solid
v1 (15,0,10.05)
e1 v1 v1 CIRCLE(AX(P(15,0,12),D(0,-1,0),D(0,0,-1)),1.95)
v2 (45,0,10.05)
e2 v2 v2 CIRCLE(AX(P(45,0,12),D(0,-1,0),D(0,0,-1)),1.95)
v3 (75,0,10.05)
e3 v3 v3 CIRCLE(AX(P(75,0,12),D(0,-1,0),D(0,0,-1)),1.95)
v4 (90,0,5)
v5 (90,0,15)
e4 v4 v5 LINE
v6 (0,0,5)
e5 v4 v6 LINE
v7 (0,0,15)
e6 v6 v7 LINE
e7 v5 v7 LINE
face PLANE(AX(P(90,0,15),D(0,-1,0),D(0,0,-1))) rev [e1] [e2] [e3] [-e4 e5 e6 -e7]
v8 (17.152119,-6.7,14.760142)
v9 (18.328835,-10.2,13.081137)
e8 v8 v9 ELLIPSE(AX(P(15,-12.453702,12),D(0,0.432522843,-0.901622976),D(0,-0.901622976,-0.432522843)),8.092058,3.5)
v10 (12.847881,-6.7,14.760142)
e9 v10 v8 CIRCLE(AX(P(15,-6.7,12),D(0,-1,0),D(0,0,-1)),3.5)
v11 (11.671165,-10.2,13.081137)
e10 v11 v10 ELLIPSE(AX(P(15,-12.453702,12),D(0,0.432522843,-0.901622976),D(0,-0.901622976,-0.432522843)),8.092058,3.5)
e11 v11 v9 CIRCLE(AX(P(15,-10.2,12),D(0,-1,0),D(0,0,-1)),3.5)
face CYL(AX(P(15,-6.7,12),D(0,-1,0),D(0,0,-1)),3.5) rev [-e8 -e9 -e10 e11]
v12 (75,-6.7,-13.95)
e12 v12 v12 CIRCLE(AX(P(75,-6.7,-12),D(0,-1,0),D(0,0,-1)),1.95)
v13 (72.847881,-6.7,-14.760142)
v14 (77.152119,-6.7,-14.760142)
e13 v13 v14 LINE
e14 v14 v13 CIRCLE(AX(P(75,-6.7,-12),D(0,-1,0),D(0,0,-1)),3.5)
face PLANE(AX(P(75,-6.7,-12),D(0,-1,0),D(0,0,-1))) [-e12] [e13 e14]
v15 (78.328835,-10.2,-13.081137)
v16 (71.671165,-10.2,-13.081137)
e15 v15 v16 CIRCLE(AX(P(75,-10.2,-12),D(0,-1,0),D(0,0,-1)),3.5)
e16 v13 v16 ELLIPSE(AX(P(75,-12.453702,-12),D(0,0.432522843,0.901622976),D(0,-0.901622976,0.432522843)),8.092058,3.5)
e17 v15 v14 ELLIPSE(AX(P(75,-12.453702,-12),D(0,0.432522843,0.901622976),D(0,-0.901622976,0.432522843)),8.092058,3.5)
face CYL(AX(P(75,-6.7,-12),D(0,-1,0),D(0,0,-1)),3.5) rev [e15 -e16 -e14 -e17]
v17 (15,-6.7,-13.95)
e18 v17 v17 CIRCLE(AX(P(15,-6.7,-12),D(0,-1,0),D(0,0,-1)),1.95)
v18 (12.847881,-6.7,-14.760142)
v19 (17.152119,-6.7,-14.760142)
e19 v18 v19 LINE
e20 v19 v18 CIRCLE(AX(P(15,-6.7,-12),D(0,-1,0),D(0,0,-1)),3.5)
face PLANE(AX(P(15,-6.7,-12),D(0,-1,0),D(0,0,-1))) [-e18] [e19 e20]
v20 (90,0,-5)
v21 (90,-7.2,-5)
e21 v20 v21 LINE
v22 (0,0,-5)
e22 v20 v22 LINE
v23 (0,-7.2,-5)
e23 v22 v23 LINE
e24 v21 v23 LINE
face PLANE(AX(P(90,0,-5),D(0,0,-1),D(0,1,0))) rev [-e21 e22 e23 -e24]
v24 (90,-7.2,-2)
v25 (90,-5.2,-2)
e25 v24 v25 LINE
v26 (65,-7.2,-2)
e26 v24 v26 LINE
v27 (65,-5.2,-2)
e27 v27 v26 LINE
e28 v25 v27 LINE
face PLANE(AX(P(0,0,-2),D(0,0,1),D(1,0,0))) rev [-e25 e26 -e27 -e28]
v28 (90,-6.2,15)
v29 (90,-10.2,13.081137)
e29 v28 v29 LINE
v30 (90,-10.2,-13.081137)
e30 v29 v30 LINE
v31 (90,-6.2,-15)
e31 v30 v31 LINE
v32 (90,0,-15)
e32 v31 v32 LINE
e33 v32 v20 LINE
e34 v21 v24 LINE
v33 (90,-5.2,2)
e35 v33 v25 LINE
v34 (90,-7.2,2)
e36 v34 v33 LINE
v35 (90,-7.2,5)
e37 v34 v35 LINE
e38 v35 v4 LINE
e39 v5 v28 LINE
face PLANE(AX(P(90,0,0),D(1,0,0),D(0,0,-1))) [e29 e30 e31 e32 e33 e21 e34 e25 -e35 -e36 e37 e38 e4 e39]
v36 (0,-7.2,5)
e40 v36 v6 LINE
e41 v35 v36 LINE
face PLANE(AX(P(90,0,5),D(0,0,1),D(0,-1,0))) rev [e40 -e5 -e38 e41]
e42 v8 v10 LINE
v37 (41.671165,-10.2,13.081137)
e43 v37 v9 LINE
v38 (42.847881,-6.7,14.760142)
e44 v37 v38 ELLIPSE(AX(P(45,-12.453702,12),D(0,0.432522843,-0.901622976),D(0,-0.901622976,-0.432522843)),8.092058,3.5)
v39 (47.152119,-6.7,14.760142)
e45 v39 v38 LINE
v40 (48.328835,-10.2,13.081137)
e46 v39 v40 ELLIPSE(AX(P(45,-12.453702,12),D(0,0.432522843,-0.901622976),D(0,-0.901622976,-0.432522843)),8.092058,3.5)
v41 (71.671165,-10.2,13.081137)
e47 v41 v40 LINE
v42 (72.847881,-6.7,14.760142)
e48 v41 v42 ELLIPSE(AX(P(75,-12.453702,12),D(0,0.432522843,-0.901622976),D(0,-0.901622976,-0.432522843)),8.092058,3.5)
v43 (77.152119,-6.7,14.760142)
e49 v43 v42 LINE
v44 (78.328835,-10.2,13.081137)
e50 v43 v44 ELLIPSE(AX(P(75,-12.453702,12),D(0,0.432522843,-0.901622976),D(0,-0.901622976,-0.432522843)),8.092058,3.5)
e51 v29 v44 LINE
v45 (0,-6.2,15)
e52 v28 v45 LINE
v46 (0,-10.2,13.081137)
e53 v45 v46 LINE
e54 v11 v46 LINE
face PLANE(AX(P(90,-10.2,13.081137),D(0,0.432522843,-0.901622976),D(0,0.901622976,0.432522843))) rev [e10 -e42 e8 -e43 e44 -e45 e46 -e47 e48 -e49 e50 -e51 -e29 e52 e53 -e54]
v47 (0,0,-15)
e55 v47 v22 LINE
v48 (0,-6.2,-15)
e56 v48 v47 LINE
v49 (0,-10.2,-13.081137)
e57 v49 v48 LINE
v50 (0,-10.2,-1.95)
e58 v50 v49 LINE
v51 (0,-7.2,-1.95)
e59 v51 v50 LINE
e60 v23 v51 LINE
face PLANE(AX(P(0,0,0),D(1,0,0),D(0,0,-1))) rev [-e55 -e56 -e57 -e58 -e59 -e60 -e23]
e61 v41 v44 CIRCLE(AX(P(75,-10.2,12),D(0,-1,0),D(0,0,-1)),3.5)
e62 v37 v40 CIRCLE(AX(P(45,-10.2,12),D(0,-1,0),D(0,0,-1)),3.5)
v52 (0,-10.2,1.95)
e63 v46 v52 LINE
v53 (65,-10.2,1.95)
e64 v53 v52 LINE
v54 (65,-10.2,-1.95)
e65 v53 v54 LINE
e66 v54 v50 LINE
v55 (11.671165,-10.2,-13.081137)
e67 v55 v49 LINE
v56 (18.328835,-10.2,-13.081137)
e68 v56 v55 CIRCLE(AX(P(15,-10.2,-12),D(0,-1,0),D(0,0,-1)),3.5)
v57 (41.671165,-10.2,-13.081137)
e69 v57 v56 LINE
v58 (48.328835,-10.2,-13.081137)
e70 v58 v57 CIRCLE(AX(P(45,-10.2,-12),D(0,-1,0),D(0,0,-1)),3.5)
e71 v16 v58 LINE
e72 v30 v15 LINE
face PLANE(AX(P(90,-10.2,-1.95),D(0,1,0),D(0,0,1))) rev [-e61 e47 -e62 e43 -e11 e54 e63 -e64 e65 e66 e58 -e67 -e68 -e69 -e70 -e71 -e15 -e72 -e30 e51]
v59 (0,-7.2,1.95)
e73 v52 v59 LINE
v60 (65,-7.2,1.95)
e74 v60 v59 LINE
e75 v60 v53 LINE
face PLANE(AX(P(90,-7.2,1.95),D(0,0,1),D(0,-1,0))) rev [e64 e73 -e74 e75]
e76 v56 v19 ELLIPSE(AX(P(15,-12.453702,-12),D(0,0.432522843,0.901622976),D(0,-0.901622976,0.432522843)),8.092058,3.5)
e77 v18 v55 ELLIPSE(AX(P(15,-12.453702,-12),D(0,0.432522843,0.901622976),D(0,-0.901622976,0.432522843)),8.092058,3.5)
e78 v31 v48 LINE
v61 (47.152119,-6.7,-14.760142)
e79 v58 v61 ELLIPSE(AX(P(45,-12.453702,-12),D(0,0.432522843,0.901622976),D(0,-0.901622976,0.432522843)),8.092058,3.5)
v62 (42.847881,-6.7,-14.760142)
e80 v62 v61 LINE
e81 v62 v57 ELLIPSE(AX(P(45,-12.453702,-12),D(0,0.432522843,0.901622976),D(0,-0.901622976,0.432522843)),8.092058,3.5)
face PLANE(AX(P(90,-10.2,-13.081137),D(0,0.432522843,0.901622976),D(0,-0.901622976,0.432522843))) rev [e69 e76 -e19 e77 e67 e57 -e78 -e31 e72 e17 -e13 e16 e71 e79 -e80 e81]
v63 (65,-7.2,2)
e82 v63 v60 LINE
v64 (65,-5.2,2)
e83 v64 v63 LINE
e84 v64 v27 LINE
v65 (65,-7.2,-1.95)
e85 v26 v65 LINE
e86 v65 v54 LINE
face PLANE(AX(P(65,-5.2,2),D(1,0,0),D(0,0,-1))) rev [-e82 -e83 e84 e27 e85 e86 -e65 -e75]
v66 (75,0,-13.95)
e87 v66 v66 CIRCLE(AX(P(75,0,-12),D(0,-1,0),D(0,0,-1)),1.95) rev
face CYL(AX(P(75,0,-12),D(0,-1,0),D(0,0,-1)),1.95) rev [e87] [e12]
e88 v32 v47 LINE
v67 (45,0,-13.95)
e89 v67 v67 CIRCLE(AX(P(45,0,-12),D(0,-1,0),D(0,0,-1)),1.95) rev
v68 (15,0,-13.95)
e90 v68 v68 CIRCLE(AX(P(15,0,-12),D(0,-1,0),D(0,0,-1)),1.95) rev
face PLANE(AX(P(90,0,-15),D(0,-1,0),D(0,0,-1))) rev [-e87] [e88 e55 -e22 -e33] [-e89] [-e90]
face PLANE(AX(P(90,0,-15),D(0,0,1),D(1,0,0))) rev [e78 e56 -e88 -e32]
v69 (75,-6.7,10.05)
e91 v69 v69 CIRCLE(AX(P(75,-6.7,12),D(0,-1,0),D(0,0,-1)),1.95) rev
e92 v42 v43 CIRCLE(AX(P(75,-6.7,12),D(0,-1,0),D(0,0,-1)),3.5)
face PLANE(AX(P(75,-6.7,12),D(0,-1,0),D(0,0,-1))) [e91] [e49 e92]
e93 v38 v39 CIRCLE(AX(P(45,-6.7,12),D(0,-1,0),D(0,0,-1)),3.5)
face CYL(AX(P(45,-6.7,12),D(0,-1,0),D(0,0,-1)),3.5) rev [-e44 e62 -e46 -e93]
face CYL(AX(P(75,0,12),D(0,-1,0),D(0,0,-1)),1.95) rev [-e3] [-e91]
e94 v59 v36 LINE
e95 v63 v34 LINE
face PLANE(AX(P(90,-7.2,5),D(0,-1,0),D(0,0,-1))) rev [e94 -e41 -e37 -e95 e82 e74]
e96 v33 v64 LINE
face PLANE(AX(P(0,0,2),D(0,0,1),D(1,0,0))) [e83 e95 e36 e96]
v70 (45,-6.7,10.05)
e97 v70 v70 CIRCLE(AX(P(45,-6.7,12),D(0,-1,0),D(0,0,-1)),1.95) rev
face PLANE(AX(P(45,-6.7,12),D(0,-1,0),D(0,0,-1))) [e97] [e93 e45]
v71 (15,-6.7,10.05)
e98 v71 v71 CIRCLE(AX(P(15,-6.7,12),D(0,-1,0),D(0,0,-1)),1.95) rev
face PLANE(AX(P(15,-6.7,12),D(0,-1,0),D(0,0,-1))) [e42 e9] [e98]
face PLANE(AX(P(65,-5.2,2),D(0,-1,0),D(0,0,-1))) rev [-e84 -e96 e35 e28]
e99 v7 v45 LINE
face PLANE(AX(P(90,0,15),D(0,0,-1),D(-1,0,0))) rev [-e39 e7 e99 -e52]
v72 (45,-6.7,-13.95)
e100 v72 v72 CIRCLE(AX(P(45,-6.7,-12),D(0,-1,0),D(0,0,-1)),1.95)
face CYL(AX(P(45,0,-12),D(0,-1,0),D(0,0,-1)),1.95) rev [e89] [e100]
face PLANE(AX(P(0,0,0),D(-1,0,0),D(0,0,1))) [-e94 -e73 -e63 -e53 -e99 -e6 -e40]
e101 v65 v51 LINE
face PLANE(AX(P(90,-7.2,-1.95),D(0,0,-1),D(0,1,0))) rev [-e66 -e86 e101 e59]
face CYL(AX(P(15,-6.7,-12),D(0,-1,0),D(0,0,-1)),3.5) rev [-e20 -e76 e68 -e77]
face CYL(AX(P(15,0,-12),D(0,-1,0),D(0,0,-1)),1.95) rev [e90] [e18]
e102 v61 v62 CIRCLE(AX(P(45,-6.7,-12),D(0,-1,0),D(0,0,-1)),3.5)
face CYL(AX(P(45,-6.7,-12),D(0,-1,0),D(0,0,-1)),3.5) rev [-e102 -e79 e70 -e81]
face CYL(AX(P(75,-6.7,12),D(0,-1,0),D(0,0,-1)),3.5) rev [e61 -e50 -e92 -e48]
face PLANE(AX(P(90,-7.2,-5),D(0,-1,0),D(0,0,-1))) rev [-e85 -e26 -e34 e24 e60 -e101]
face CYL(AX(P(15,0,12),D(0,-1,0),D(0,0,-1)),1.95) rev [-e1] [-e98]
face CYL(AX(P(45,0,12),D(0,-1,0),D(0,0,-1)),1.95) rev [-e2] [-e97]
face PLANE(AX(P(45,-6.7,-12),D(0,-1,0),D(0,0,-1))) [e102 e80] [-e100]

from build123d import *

# Parameters (mm, degrees)
EXTRUDE_1_DEPTH     = 90
EXTRUDE_1_2_DEPTH   = 90
SKETCH_3_R          = 1.95
CUT_EXTRUDE_1_DEPTH = 92.809803398
SKETCH_5_W          = 25
SKETCH_5_H          = 5
EXTRUDE_2_DEPTH     = 2
SKETCH_6_R          = 3.5
CUT_EXTRUDE_2_DEPTH = 3.5


with BuildPart() as part:
    # 스케치1 → 보스-돌출1 (new body)
    with BuildSketch(Plane(origin=(0, 0, 0), x_dir=(0, 0, -1), z_dir=(1, 0, 0))):
        Polygon((-15, 0), (-15, -6.2), (-13.081136552, -10.2), (-1.95, -10.2), (-1.95, -7.2), (-5, -7.2), (-5, 0), align=None)
    extrude(amount=EXTRUDE_1_DEPTH)


with BuildPart() as body_2:
    # 스케치1 → Extrude 1 2 (new body)
    with BuildSketch(Plane(origin=(0, 0, 0), x_dir=(0, 0, -1), z_dir=(1, 0, 0))):
        Polygon((13.081136552, -10.2), (15, -6.2), (15, 0), (5, 0), (5, -7.2), (1.95, -7.2), (1.95, -10.2), align=None)
    extrude(amount=EXTRUDE_1_2_DEPTH)


with BuildPart() as cut_extrude_1_tool:
    # 스케치3 → 컷-돌출1 (new, through all)
    with BuildSketch(Plane.XZ.offset(10.2)):
        with Locations(Location((15, 12, 0), (0, 0, 270))):
            Circle(SKETCH_3_R)
        with Locations(Location((15, -12, 0), (0, 0, 270))):
            Circle(SKETCH_3_R)
        with Locations(Location((45, -12, 0), (0, 0, 270))):
            Circle(SKETCH_3_R)
        with Locations(Location((75, -12, 0), (0, 0, 270))):
            Circle(SKETCH_3_R)
        with Locations((110, -12)):
            Circle(SKETCH_3_R)
        with Locations((110, 12)):
            Circle(SKETCH_3_R)
        with Locations(Location((75, 12, 0), (0, 0, 270))):
            Circle(SKETCH_3_R)
        with Locations(Location((45, 12, 0), (0, 0, 270))):
            Circle(SKETCH_3_R)
        with BuildLine():
            ThreePointArc((13.377149497, -13.081136552), (15, -13.95), (16.622850503, -13.081136552))
            Line((16.622850503, -13.081136552), (13.377149497, -13.081136552))
        make_face()
        with BuildLine():
            Line((13.377149497, -13.081136552), (16.622850503, -13.081136552))
            ThreePointArc((16.622850503, -13.081136552), (16.866421507, -12.564774963), (16.95, -12))
            ThreePointArc((16.95, -12), (14.435225037, -10.133578493), (13.377149497, -13.081136552))
        make_face()
        with BuildLine():
            ThreePointArc((43.377149497, -13.081136552), (45, -13.95), (46.622850503, -13.081136552))
            Line((46.622850503, -13.081136552), (43.377149497, -13.081136552))
        make_face()
        with BuildLine():
            Line((43.377149497, -13.081136552), (46.622850503, -13.081136552))
            ThreePointArc((46.622850503, -13.081136552), (46.866421507, -12.564774963), (46.95, -12))
            ThreePointArc((46.95, -12), (44.435225037, -10.133578493), (43.377149497, -13.081136552))
        make_face()
        with BuildLine():
            ThreePointArc((76.622850503, -13.081136552), (76.866421507, -12.564774963), (76.95, -12))
            ThreePointArc((76.95, -12), (74.435225037, -10.133578493), (73.377149497, -13.081136552))
            Line((73.377149497, -13.081136552), (76.622850503, -13.081136552))
        make_face()
        with BuildLine():
            Line((76.622850503, -13.081136552), (73.377149497, -13.081136552))
            ThreePointArc((73.377149497, -13.081136552), (75, -13.95), (76.622850503, -13.081136552))
        make_face()
    extrude(amount=-CUT_EXTRUDE_1_DEPTH)


with BuildPart() as part_1:
    add(part.part)

    # 컷-돌출1: cut by cut_extrude_1_tool
    add(cut_extrude_1_tool.part, mode=Mode.SUBTRACT)



with BuildPart() as body_2_1:
    add(body_2.part)

    # 컷-돌출1: cut by cut_extrude_1_tool
    add(cut_extrude_1_tool.part, mode=Mode.SUBTRACT)


with BuildPart() as part_2:
    add(part_1.part)

    add(body_2_1.part)  # 보스-돌출2 merges body 2
    # 스케치5 → 보스-돌출2 (add, symmetric)
    with BuildSketch(Plane.XY):
        with Locations((77.5, -7.7)):
            Rectangle(SKETCH_5_W, SKETCH_5_H)
    extrude(amount=EXTRUDE_2_DEPTH, both=True)

    # 스케치6 → 컷-돌출2 (cut)
    with BuildSketch(Plane.XZ.offset(10.2)):
        with Locations((15, 12)):
            Circle(SKETCH_6_R)
        with Locations((15, -12)):
            Circle(SKETCH_6_R)
        with Locations((45, 12)):
            Circle(SKETCH_6_R)
        with Locations((75, 12)):
            Circle(SKETCH_6_R)
        with Locations((75, -12)):
            Circle(SKETCH_6_R)
        with Locations((45, -12)):
            Circle(SKETCH_6_R)
    extrude(amount=-CUT_EXTRUDE_2_DEPTH, mode=Mode.SUBTRACT)


solid = part_2.part
